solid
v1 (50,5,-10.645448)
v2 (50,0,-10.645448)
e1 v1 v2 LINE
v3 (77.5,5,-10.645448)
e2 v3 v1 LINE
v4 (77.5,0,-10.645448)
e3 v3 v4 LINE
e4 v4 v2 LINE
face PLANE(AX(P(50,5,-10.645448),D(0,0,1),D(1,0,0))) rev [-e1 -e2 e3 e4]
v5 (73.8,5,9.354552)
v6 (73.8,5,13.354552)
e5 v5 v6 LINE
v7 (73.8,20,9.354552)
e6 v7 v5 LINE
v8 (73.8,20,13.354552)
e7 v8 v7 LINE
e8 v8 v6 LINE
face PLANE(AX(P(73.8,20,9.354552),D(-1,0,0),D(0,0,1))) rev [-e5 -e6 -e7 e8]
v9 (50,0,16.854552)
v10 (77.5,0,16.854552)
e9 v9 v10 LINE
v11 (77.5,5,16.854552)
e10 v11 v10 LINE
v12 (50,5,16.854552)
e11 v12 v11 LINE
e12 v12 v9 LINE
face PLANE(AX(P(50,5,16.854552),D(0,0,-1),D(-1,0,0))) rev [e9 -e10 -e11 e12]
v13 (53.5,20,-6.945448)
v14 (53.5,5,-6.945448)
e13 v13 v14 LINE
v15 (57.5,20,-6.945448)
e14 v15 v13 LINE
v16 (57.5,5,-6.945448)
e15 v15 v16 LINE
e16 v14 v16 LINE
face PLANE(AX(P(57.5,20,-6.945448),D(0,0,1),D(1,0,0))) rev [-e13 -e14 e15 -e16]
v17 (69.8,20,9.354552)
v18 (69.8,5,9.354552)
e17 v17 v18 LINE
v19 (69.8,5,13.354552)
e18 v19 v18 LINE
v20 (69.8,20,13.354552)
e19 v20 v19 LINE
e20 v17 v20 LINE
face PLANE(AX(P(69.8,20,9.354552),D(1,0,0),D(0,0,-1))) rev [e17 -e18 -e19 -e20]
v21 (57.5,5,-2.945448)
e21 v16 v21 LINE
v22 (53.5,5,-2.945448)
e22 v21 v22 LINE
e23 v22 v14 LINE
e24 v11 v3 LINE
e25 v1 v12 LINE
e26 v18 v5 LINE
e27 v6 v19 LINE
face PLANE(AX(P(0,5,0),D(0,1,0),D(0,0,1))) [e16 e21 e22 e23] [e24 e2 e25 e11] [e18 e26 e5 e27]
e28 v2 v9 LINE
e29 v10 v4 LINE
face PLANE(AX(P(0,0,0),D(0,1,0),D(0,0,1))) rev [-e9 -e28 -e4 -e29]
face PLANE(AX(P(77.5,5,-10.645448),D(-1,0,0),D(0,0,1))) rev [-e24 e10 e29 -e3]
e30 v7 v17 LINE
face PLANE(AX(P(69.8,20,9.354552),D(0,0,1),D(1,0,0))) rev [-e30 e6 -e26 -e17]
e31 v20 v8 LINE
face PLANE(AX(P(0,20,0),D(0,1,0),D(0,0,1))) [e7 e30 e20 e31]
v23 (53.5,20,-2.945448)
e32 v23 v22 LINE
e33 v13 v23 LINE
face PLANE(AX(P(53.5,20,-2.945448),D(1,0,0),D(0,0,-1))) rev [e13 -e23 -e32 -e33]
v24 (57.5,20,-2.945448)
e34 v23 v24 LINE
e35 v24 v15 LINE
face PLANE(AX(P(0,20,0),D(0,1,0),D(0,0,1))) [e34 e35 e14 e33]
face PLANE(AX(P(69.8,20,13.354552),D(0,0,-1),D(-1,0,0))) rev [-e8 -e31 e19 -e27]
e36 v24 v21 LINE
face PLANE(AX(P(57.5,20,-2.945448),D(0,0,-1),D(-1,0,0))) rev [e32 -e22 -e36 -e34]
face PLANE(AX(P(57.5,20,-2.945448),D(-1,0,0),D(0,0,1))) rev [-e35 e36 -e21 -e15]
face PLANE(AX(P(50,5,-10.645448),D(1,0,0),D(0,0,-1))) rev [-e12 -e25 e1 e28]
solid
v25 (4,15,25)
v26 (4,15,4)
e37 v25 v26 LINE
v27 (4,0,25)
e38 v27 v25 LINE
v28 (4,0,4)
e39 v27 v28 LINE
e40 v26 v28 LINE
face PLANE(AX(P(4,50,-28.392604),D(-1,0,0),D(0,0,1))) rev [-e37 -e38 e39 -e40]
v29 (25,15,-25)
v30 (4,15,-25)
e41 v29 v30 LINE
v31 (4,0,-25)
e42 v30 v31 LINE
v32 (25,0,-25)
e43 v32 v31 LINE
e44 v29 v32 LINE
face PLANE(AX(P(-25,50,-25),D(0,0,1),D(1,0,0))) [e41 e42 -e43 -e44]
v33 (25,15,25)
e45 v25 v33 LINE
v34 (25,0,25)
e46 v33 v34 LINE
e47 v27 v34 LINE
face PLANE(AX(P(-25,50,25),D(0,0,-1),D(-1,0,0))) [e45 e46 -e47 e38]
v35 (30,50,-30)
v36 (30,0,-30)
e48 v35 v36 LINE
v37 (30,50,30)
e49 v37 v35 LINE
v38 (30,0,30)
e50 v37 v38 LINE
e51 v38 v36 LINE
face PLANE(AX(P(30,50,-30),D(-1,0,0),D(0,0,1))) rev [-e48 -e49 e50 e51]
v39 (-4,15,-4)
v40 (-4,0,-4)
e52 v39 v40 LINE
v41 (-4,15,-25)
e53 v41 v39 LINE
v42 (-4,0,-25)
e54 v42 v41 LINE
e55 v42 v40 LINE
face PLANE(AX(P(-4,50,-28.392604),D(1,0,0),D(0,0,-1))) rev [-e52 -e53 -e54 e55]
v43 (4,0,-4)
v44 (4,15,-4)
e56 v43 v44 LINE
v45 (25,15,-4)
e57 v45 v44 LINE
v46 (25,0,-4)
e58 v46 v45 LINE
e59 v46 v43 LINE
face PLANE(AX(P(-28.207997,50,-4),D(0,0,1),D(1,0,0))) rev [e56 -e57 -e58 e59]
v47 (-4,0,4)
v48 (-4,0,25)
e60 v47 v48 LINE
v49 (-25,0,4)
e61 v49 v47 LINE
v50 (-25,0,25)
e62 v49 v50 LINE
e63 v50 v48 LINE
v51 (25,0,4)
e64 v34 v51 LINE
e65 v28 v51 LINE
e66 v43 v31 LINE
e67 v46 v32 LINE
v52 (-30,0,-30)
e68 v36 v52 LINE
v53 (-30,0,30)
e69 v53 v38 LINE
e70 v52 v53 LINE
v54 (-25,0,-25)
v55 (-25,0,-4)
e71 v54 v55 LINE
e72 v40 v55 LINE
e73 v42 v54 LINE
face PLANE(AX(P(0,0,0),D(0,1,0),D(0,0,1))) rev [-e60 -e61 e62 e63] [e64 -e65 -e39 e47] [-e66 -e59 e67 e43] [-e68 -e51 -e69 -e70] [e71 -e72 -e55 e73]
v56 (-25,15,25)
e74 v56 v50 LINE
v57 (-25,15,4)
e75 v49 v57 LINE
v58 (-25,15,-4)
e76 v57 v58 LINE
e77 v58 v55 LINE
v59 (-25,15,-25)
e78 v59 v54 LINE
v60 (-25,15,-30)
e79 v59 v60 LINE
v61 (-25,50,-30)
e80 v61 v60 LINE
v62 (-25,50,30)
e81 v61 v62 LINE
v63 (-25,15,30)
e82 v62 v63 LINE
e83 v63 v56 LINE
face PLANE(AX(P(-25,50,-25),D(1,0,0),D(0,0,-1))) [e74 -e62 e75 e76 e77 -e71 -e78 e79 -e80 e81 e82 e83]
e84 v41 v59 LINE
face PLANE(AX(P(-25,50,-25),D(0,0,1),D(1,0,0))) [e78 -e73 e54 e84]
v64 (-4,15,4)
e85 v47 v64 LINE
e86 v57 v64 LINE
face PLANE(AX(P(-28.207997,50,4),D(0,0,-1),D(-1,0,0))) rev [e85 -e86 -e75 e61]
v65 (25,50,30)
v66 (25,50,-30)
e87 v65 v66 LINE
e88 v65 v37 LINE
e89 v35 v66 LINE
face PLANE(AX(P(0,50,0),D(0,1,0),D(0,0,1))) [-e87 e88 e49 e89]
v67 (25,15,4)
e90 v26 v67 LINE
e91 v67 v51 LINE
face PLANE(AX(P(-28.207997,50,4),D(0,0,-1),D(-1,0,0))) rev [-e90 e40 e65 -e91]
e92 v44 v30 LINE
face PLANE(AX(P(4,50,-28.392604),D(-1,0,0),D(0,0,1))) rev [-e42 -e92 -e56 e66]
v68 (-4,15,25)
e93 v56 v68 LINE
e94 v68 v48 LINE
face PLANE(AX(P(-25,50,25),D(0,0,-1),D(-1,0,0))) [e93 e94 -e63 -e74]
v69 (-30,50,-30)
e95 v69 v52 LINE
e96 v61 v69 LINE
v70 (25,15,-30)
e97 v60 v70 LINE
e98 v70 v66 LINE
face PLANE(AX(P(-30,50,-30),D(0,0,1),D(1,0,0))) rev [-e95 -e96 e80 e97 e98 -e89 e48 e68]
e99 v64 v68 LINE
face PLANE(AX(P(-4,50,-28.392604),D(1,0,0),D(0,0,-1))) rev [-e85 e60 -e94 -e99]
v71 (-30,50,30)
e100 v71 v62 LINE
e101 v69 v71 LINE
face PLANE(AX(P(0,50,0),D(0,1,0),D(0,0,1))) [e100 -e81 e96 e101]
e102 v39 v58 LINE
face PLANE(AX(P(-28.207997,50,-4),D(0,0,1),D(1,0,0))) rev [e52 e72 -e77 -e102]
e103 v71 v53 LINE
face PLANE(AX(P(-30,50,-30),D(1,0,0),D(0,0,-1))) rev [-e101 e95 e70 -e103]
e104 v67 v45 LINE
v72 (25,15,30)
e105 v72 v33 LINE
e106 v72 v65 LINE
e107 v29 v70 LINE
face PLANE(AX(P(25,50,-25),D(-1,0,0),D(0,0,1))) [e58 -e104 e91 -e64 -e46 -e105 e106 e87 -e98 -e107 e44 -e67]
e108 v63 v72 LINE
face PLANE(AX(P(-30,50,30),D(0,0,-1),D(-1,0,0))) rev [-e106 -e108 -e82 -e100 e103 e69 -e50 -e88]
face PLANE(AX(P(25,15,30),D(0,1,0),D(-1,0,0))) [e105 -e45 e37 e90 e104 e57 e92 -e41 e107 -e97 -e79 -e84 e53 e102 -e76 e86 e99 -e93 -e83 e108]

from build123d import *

# Parameters (mm, degrees)
SKETCH1_W               = 60
SKETCH1_H               = 60
BOSS_EXTRUDE1_DEPTH     = 50
SKETCH2_W               = 50
SKETCH2_H               = 50
CUT_EXTRUDE1_DEPTH      = 50
SKETCH3_W               = 8
SKETCH3_H               = 56.785207986
BOSS_EXTRUDE2_DEPTH     = 50
SKETCH5_W               = 56.41599337
SKETCH5_H               = 8
BOSS_EXTRUDE3_DEPTH     = 50
SKETCH6_W               = 50
SKETCH6_H               = 35
CUT_EXTRUDE2_DEPTH      = 30
CUT_EXTRUDE2_DEPTH_BACK = 30
SKETCH7_W               = 27.5
SKETCH7_H               = 27.5
BOSS_EXTRUDE4_DEPTH     = 5
SKETCH9_W               = 4
SKETCH9_H               = 4
BOSS_EXTRUDE5_DEPTH     = 20
SKETCH10_W              = 4
SKETCH10_H              = 4
BOSS_EXTRUDE6_DEPTH     = 20


with BuildPart() as part:
    # Sketch1 → Boss-Extrude1 (new body)
    with BuildSketch(Plane(origin=(0, 0, 0), x_dir=(1, 0, 0), z_dir=(0, 1, 0))):
        Rectangle(SKETCH1_W, SKETCH1_H)
    extrude(amount=BOSS_EXTRUDE1_DEPTH)

    # Sketch2 → Cut-Extrude1 (cut)
    with BuildSketch(Plane(origin=(0, 0, 0), x_dir=(1, 0, 0), z_dir=(0, 1, 0))):
        Rectangle(SKETCH2_W, SKETCH2_H)
    extrude(amount=CUT_EXTRUDE1_DEPTH, mode=Mode.SUBTRACT)

    # Sketch3 → Boss-Extrude2 (add)
    with BuildSketch(Plane(origin=(0, 0, 0), x_dir=(1, 0, 0), z_dir=(0, 1, 0))):
        Rectangle(SKETCH3_W, SKETCH3_H)
    extrude(amount=BOSS_EXTRUDE2_DEPTH)

    # Sketch5 → Boss-Extrude3 (add)
    with BuildSketch(Plane(origin=(0, 0, 0), x_dir=(1, 0, 0), z_dir=(0, 1, 0))):
        Rectangle(SKETCH5_W, SKETCH5_H)
    extrude(amount=BOSS_EXTRUDE3_DEPTH)

    # Sketch6 → Cut-Extrude2 (cut, two sides)
    with BuildSketch(Plane.XY) as cut_extrude2_sk:
        with Locations((0, 32.5)):
            Rectangle(SKETCH6_W, SKETCH6_H)
    extrude(amount=CUT_EXTRUDE2_DEPTH, mode=Mode.SUBTRACT)
    extrude(cut_extrude2_sk.sketch, amount=-CUT_EXTRUDE2_DEPTH_BACK, mode=Mode.SUBTRACT)


with BuildPart() as body_2:
    # Sketch7 → Boss-Extrude4 (new body)
    with BuildSketch(Plane(origin=(0, 0, 0), x_dir=(1, 0, 0), z_dir=(0, 1, 0))):
        with Locations((63.75, -3.104551975)):
            Rectangle(SKETCH7_W, SKETCH7_H)
    extrude(amount=BOSS_EXTRUDE4_DEPTH)

    # Sketch9 → Boss-Extrude5 (add)
    with BuildSketch(Plane(origin=(0, 0, 0), x_dir=(1, 0, 0), z_dir=(0, 1, 0))):
        with Locations((55.5, 4.945448025)):
            Rectangle(SKETCH9_W, SKETCH9_H)
    extrude(amount=BOSS_EXTRUDE5_DEPTH)

    # Sketch10 → Boss-Extrude6 (add)
    with BuildSketch(Plane(origin=(0, 0, 0), x_dir=(1, 0, 0), z_dir=(0, 1, 0))):
        with Locations((71.8, -11.354551975)):
            Rectangle(SKETCH10_W, SKETCH10_H)
    extrude(amount=BOSS_EXTRUDE6_DEPTH)


solid = Compound([part.part, body_2.part])
